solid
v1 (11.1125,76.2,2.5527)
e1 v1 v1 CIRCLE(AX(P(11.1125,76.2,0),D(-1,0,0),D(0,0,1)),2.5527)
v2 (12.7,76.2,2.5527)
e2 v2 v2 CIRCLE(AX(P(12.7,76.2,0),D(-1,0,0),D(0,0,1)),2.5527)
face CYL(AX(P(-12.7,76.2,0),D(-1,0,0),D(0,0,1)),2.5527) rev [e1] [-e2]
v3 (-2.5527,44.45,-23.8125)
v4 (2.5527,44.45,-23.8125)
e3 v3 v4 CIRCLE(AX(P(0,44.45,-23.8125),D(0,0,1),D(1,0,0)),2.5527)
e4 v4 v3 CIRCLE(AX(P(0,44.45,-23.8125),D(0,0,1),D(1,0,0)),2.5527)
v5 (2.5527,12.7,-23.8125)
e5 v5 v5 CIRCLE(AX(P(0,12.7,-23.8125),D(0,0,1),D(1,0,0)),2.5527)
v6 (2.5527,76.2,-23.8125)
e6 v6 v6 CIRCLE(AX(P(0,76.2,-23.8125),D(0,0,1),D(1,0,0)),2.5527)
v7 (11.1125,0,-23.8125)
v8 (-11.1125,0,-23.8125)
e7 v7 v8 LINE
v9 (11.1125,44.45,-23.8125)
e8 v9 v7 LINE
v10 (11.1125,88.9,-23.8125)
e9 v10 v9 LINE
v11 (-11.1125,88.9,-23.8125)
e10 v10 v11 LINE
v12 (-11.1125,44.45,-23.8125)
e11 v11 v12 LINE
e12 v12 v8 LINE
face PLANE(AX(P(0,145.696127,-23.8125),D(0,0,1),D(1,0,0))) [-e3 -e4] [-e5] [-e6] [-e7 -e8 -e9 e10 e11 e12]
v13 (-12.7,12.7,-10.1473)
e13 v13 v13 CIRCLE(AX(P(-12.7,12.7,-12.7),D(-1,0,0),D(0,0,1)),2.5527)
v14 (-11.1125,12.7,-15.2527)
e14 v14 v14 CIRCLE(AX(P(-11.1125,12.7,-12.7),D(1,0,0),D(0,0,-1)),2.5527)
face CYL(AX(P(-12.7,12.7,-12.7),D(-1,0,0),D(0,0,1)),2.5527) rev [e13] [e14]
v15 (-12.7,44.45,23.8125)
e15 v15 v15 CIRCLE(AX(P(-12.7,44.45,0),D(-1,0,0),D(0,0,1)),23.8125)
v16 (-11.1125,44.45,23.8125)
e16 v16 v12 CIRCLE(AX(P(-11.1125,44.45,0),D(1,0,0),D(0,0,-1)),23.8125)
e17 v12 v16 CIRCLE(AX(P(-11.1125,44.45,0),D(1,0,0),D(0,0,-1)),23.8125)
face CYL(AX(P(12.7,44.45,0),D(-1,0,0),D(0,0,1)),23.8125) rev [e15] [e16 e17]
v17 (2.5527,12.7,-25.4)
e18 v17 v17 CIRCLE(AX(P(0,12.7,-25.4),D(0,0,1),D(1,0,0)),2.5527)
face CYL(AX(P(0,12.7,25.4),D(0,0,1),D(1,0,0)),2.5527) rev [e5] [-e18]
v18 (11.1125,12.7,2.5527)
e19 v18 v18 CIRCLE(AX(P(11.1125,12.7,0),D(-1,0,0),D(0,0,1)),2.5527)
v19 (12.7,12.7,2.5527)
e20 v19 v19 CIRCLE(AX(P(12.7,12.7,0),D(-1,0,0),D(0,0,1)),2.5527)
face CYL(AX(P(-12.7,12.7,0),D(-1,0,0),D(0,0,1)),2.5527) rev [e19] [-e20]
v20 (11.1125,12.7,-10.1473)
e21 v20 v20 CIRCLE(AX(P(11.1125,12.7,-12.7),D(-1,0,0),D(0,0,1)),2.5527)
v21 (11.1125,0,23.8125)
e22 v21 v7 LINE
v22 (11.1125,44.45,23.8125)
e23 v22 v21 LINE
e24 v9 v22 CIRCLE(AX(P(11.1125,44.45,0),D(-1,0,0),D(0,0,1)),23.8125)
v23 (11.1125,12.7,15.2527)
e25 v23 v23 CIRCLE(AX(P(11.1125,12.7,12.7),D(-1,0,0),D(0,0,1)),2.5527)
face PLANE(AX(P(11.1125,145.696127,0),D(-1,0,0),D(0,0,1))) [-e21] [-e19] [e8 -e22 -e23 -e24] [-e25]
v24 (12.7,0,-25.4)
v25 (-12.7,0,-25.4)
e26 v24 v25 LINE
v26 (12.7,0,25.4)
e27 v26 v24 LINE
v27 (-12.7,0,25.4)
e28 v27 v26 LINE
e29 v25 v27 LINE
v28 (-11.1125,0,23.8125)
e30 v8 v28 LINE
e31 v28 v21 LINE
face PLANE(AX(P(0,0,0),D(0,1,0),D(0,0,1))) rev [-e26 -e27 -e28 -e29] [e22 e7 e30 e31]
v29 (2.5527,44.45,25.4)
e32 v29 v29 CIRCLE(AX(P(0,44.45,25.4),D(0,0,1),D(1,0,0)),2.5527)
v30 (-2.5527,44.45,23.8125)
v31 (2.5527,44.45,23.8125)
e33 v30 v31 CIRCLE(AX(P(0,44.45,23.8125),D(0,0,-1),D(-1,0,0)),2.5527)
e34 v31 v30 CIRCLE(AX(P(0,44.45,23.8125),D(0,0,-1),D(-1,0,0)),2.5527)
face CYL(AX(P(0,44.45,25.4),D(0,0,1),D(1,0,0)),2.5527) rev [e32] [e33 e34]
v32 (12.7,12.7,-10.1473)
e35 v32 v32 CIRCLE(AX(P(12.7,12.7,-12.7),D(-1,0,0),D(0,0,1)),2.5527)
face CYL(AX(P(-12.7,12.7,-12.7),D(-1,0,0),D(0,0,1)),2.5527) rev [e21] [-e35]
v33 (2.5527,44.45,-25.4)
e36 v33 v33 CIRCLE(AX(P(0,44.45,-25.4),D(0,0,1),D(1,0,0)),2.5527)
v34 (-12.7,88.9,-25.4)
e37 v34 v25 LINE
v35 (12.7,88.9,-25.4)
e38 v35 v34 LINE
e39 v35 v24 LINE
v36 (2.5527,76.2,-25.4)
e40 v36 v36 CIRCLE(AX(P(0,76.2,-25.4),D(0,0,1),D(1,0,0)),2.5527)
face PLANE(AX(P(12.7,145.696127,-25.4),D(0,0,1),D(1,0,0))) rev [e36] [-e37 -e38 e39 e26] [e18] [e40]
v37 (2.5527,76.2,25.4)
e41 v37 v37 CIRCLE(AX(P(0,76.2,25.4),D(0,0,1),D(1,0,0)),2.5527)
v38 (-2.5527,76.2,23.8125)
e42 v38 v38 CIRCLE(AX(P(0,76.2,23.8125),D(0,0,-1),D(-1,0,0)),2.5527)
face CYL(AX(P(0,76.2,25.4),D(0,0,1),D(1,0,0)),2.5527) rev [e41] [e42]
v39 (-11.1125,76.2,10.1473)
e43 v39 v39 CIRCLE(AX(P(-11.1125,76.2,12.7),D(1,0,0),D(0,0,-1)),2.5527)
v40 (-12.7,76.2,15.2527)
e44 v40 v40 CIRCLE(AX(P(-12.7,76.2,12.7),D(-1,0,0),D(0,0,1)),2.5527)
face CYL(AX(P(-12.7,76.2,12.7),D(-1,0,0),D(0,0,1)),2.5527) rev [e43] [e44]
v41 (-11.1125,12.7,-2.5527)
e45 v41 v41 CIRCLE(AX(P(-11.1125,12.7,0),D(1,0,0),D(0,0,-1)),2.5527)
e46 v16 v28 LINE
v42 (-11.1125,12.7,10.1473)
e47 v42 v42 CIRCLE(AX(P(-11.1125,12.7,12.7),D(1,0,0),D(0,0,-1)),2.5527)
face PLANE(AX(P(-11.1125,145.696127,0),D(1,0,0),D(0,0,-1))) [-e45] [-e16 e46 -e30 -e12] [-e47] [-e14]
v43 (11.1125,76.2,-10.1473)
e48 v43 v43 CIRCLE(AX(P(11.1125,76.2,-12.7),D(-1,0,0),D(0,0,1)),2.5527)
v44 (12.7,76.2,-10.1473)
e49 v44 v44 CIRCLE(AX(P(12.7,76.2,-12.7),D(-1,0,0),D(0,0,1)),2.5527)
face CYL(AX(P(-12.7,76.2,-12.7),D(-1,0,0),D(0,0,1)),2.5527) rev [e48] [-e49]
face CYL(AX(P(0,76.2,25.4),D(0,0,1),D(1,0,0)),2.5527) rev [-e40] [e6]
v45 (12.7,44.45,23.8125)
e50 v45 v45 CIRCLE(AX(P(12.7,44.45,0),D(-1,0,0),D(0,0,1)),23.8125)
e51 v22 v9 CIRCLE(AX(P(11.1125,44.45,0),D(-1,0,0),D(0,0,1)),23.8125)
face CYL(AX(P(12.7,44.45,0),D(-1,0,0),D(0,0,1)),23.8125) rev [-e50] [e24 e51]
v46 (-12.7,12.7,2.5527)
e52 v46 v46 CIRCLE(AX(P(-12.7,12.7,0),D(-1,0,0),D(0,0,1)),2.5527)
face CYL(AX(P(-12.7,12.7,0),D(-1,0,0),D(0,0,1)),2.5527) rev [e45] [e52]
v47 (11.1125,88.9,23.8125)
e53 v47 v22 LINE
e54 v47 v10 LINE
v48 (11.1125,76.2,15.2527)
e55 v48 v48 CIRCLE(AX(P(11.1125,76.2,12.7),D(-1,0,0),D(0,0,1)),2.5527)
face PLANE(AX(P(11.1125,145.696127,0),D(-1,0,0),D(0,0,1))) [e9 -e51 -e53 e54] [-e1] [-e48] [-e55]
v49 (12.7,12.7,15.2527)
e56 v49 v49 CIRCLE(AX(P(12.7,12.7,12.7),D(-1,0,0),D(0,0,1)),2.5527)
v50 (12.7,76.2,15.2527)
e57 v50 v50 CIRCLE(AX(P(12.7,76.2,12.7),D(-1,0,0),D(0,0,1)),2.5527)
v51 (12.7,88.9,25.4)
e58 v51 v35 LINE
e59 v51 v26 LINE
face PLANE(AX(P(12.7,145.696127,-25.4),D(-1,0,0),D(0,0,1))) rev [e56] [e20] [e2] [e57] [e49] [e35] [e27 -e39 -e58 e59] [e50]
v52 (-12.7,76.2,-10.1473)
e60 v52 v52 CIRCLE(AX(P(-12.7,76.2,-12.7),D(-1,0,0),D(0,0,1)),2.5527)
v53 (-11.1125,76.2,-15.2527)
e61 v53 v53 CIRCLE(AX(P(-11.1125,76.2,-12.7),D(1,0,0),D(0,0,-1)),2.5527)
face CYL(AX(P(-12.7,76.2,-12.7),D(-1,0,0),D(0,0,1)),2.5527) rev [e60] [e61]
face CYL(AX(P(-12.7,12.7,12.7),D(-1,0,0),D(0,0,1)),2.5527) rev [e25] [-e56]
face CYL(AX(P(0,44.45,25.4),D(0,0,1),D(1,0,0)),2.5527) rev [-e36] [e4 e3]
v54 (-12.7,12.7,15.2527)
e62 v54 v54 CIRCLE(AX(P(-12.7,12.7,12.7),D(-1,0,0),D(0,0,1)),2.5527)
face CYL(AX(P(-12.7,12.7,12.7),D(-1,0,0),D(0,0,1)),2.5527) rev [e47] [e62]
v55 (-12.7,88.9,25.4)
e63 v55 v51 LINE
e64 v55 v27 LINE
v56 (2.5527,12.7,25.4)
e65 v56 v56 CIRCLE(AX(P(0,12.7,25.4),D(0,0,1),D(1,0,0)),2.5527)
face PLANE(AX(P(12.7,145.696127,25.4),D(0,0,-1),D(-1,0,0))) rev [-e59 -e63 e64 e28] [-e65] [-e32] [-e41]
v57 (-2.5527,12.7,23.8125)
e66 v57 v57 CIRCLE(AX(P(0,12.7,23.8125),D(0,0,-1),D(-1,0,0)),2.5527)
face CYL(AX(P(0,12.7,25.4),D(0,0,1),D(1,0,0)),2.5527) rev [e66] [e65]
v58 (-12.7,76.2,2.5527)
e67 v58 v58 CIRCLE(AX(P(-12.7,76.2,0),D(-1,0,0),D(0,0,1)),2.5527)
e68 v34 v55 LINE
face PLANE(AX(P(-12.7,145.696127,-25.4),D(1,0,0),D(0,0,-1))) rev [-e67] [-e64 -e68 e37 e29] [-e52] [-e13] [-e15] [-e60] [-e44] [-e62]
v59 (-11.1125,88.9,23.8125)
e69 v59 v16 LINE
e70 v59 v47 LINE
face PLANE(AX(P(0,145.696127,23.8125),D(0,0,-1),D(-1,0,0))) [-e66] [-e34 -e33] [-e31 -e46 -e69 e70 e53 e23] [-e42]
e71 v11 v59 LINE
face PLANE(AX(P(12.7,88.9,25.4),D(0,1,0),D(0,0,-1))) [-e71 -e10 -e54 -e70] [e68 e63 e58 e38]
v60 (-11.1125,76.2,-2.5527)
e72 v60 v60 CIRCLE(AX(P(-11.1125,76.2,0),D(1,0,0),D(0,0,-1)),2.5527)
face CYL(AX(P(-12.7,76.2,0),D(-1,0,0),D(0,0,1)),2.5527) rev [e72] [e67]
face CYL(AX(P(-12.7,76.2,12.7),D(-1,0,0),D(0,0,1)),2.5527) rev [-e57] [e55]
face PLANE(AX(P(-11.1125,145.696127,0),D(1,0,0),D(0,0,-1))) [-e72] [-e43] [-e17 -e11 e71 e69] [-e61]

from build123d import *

# Parameters (mm, degrees)
SKETCH1_W              = 25.4
SKETCH1_H              = 50.8
SKETCH1_W_2            = 22.225
SKETCH1_H_2            = 47.625
EXTRUDE_THIN1_DEPTH    = 88.9
F_10_CLEARANCE_HOLE1_D = 5.1054
F_10_CLEARANCE_HOLE2_D = 5.1054
SKETCH8_R              = 23.8125
CUT_EXTRUDE1_DEPTH     = 26.4


with BuildPart() as part:
    # Sketch1 → Extrude-Thin1 (new body)
    with BuildSketch(Plane(origin=(0, 0, 0), x_dir=(1, 0, 0), z_dir=(0, 1, 0))):
        Rectangle(SKETCH1_W, SKETCH1_H)
        Rectangle(SKETCH1_W_2, SKETCH1_H_2, mode=Mode.SUBTRACT)
    extrude(amount=EXTRUDE_THIN1_DEPTH)

    # #10 Clearance Hole1 (through all)
    with Locations(Plane.ZY.offset(12.7)):
        with Locations((-12.7, 76.2), (0, 76.2), (12.7, 76.2), (-12.7, 12.7), (0, 12.7), (12.7, 12.7)):
            Hole(F_10_CLEARANCE_HOLE1_D / 2)

    # #10 Clearance Hole2 (through all)
    with Locations(Plane.XY.offset(25.4)):
        with Locations((0, 12.7), (0, 76.2), (0, 44.45)):
            Hole(F_10_CLEARANCE_HOLE2_D / 2)

    # Sketch8 → Cut-Extrude1 (cut, through all)
    with BuildSketch(Plane.ZY.offset(12.7)):
        with Locations((0, 44.45)):
            Circle(SKETCH8_R)
    extrude(amount=-CUT_EXTRUDE1_DEPTH, mode=Mode.SUBTRACT)


solid = part.part
